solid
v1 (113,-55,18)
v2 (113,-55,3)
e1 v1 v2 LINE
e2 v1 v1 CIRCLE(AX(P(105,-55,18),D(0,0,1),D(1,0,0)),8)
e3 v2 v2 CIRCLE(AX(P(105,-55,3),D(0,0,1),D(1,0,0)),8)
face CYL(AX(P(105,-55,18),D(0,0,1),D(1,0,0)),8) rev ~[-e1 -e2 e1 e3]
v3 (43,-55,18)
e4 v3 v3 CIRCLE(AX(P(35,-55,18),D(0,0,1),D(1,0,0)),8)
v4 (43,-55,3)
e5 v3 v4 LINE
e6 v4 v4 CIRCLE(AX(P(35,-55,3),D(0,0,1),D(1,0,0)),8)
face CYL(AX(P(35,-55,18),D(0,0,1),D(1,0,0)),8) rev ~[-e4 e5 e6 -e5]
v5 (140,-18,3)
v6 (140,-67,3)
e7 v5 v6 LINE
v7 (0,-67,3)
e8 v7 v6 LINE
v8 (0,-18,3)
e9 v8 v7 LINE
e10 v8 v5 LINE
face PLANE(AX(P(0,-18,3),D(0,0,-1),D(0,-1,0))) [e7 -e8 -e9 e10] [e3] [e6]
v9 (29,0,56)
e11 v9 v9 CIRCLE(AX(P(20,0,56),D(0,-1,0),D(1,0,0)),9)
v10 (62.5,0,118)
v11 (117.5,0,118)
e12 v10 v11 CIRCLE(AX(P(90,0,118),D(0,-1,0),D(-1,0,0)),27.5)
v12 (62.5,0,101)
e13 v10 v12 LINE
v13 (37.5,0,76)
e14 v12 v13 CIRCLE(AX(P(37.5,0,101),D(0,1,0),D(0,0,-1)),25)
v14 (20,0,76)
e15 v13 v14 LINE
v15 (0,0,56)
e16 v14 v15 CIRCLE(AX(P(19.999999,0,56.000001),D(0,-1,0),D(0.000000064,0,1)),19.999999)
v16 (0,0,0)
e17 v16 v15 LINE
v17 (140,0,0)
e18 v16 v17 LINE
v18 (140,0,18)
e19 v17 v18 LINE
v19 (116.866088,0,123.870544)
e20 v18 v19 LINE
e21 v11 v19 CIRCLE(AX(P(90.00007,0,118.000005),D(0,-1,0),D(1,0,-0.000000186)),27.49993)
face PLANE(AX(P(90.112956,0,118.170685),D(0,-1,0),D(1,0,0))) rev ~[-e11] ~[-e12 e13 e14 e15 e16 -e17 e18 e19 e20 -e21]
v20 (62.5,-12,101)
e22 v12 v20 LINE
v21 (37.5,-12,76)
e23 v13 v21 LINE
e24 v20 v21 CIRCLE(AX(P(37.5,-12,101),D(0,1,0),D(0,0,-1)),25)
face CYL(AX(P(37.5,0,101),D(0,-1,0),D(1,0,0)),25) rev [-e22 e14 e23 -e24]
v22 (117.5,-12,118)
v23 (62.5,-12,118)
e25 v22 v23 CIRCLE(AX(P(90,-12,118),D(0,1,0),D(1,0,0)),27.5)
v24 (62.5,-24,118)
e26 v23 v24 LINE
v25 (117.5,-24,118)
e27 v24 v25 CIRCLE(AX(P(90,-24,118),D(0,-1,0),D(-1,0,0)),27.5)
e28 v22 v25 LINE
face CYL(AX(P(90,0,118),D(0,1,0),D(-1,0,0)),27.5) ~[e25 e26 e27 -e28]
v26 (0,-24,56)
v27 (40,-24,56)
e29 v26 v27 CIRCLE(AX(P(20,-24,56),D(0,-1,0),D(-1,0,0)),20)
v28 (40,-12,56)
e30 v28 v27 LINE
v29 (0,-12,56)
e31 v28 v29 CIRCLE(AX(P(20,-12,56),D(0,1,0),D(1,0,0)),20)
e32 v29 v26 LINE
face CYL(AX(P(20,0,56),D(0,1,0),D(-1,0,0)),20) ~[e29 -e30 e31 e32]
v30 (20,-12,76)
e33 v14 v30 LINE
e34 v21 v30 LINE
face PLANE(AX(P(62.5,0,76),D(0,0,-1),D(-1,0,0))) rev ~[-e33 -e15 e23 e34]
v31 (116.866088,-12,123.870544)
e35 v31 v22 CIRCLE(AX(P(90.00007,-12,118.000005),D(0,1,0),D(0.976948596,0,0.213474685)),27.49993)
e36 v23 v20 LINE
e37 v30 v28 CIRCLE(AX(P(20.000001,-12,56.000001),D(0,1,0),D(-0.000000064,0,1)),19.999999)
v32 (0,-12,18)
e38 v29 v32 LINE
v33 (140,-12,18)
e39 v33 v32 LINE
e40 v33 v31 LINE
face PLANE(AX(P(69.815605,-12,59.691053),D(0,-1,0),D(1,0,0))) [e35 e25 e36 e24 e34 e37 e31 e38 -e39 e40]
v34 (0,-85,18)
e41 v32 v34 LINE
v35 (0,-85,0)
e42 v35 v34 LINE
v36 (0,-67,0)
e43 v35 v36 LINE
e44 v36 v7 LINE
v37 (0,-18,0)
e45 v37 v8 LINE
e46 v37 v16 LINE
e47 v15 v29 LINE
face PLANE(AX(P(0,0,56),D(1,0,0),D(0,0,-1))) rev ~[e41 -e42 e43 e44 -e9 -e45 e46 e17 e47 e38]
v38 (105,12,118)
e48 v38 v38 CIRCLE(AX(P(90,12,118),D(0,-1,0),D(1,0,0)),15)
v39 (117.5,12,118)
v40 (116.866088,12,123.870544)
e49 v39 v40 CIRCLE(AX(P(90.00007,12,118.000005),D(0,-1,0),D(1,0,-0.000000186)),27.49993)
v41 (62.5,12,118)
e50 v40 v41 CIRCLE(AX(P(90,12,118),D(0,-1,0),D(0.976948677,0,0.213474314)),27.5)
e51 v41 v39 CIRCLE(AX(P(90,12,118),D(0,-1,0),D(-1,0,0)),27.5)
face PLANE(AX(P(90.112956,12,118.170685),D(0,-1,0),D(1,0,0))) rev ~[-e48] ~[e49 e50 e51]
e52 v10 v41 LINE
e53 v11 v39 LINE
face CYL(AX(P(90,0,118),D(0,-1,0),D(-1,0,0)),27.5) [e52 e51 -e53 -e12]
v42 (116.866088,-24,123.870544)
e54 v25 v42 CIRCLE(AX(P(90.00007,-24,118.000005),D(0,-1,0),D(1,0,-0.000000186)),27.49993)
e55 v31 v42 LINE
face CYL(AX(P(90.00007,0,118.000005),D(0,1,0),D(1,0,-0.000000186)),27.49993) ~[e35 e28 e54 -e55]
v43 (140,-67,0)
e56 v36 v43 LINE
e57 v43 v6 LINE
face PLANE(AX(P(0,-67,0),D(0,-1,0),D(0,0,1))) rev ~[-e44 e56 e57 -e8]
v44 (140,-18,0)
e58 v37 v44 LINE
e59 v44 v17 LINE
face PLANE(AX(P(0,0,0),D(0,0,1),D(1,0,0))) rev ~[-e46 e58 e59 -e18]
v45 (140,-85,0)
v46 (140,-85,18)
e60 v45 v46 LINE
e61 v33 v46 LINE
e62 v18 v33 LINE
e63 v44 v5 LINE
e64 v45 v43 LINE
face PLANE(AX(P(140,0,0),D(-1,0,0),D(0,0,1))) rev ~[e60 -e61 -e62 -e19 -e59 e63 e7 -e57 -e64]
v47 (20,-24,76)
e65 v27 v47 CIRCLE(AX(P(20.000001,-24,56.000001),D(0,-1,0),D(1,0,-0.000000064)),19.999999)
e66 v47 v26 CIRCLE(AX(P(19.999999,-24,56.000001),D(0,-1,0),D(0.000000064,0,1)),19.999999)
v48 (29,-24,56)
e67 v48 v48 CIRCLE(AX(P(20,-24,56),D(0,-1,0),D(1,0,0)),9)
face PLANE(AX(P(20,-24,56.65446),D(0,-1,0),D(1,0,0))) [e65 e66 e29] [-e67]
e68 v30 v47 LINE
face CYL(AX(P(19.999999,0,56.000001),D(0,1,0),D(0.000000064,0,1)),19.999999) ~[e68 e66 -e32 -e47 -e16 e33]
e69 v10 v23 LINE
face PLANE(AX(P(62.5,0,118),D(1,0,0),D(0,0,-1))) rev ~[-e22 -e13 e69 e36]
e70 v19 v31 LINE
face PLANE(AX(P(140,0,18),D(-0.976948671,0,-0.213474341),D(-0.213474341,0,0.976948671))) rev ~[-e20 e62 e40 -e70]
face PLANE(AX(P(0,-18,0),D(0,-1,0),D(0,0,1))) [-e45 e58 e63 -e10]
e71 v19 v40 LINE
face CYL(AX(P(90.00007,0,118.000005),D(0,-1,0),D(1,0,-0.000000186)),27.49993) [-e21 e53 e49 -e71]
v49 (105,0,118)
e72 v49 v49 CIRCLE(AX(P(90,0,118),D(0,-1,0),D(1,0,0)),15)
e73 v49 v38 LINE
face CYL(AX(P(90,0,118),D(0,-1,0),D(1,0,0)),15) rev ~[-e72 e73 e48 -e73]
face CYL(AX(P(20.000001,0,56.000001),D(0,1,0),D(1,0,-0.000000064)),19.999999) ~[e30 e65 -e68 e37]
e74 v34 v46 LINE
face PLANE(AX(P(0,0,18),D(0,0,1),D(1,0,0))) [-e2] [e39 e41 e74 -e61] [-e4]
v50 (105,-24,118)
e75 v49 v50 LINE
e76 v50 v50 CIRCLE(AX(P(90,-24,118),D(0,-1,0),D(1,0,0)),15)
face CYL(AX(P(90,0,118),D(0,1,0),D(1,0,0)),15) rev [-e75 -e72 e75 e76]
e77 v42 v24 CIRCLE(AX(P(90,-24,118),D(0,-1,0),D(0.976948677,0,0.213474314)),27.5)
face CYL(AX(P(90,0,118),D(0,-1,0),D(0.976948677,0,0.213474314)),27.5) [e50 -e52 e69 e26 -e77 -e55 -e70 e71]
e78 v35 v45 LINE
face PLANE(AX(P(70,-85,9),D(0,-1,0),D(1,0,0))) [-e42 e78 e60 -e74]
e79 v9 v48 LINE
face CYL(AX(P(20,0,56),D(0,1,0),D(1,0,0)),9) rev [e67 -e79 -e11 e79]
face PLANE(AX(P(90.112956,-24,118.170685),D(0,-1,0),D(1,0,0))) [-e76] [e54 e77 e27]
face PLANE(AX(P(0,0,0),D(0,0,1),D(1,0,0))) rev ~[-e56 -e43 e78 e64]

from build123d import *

# Parameters (mm, degrees)
F0_W      = 140
F0_H      = 18
F1_DEPTH  = 12
F2_R      = 25
F0_R      = 9
F3_DEPTH  = 24
F0_R_2    = 15
F4_DEPTH  = 24
F5_DEPTH  = 12
F6_DEPTH  = 85
F7_W      = 49
F7_H      = 3
F8_DEPTH  = 140.001
F9_R      = 8
F10_DEPTH = 18.001


with BuildPart() as f1:
    # F0 (on Front) → F1 (new body)
    with BuildSketch(Plane.XZ):
        with BuildLine():
            ThreePointArc((20, 76), (34.142136, 70.142136), (40, 56))
            ThreePointArc((40, 56), (20, 36), (0, 56))
            Line((0, 56), (0, 18))
            Line((0, 18), (140, 18))
            Line((140, 18), (116.866088, 123.870544))
            ThreePointArc((116.866088, 123.870544), (117.341063, 120.952335), (117.5, 118))
            ThreePointArc((117.5, 118), (90, 90.5), (62.5, 118))
            Line((62.5, 118), (62.5, 76))
            Line((62.5, 76), (20, 76))
        make_face()
        with Locations((70, 9)):
            Rectangle(F0_W, F0_H)
    extrude(amount=F1_DEPTH)

    # F2
    f2_edges = [f1.edges().sort_by_distance(p)[0] for p in [
        (62.5, -6, 76),
    ]]
    fillet(f2_edges, radius=F2_R)

    # F0 (on Front) → F3 (join)
    with BuildSketch(Plane.XZ):
        with BuildLine():
            ThreePointArc((0, 56), (20, 36), (40, 56))
            ThreePointArc((40, 56), (34.142136, 70.142136), (20, 76))
            ThreePointArc((20, 76), (5.857864, 70.142136), (0, 56))
        make_face()
        with Locations((20, 56)):
            Circle(F0_R, mode=Mode.SUBTRACT)
    extrude(amount=F3_DEPTH)

    # F0 (on Front) → F4 (join)
    with BuildSketch(Plane.XZ):
        with BuildLine():
            ThreePointArc((116.866088, 123.870544), (87.047665, 145.341063), (62.5, 118))
            ThreePointArc((62.5, 118), (90, 90.5), (117.5, 118))
            ThreePointArc((117.5, 118), (117.341063, 120.952335), (116.866088, 123.870544))
        make_face()
        with Locations((90, 118)):
            Circle(F0_R_2, mode=Mode.SUBTRACT)
    extrude(amount=F4_DEPTH)

    # F0 (on Front) → F5 (join)
    with BuildSketch(Plane.XZ):
        with BuildLine():
            ThreePointArc((116.866088, 123.870544), (87.047665, 145.341063), (62.5, 118))
            ThreePointArc((62.5, 118), (90, 90.5), (117.5, 118))
            ThreePointArc((117.5, 118), (117.341063, 120.952335), (116.866088, 123.870544))
        make_face()
        with Locations((90, 118)):
            Circle(F0_R_2, mode=Mode.SUBTRACT)
    extrude(amount=-F5_DEPTH)

    # F0 (on Front) → F6 (join)
    with BuildSketch(Plane.XZ):
        with Locations((70, 9)):
            Rectangle(F0_W, F0_H)
    extrude(amount=F6_DEPTH)

    # F7 (on face) → F8 (cut, through all)
    with BuildSketch(Plane(origin=(0, 0, 0), x_dir=(0, -1, 0), z_dir=(-1, 0, 0))):
        with Locations((42.5, 1.5)):
            Rectangle(F7_W, F7_H)
    extrude(amount=-F8_DEPTH, mode=Mode.SUBTRACT)

    # F9 (on face) → F10 (cut, through all)
    with BuildSketch(Plane.XY.offset(18)):
        with Locations((35, -55)):
            Circle(F9_R)
        with Locations((105, -55)):
            Circle(F9_R)
    extrude(amount=-F10_DEPTH, mode=Mode.SUBTRACT)


solid = f1.part
